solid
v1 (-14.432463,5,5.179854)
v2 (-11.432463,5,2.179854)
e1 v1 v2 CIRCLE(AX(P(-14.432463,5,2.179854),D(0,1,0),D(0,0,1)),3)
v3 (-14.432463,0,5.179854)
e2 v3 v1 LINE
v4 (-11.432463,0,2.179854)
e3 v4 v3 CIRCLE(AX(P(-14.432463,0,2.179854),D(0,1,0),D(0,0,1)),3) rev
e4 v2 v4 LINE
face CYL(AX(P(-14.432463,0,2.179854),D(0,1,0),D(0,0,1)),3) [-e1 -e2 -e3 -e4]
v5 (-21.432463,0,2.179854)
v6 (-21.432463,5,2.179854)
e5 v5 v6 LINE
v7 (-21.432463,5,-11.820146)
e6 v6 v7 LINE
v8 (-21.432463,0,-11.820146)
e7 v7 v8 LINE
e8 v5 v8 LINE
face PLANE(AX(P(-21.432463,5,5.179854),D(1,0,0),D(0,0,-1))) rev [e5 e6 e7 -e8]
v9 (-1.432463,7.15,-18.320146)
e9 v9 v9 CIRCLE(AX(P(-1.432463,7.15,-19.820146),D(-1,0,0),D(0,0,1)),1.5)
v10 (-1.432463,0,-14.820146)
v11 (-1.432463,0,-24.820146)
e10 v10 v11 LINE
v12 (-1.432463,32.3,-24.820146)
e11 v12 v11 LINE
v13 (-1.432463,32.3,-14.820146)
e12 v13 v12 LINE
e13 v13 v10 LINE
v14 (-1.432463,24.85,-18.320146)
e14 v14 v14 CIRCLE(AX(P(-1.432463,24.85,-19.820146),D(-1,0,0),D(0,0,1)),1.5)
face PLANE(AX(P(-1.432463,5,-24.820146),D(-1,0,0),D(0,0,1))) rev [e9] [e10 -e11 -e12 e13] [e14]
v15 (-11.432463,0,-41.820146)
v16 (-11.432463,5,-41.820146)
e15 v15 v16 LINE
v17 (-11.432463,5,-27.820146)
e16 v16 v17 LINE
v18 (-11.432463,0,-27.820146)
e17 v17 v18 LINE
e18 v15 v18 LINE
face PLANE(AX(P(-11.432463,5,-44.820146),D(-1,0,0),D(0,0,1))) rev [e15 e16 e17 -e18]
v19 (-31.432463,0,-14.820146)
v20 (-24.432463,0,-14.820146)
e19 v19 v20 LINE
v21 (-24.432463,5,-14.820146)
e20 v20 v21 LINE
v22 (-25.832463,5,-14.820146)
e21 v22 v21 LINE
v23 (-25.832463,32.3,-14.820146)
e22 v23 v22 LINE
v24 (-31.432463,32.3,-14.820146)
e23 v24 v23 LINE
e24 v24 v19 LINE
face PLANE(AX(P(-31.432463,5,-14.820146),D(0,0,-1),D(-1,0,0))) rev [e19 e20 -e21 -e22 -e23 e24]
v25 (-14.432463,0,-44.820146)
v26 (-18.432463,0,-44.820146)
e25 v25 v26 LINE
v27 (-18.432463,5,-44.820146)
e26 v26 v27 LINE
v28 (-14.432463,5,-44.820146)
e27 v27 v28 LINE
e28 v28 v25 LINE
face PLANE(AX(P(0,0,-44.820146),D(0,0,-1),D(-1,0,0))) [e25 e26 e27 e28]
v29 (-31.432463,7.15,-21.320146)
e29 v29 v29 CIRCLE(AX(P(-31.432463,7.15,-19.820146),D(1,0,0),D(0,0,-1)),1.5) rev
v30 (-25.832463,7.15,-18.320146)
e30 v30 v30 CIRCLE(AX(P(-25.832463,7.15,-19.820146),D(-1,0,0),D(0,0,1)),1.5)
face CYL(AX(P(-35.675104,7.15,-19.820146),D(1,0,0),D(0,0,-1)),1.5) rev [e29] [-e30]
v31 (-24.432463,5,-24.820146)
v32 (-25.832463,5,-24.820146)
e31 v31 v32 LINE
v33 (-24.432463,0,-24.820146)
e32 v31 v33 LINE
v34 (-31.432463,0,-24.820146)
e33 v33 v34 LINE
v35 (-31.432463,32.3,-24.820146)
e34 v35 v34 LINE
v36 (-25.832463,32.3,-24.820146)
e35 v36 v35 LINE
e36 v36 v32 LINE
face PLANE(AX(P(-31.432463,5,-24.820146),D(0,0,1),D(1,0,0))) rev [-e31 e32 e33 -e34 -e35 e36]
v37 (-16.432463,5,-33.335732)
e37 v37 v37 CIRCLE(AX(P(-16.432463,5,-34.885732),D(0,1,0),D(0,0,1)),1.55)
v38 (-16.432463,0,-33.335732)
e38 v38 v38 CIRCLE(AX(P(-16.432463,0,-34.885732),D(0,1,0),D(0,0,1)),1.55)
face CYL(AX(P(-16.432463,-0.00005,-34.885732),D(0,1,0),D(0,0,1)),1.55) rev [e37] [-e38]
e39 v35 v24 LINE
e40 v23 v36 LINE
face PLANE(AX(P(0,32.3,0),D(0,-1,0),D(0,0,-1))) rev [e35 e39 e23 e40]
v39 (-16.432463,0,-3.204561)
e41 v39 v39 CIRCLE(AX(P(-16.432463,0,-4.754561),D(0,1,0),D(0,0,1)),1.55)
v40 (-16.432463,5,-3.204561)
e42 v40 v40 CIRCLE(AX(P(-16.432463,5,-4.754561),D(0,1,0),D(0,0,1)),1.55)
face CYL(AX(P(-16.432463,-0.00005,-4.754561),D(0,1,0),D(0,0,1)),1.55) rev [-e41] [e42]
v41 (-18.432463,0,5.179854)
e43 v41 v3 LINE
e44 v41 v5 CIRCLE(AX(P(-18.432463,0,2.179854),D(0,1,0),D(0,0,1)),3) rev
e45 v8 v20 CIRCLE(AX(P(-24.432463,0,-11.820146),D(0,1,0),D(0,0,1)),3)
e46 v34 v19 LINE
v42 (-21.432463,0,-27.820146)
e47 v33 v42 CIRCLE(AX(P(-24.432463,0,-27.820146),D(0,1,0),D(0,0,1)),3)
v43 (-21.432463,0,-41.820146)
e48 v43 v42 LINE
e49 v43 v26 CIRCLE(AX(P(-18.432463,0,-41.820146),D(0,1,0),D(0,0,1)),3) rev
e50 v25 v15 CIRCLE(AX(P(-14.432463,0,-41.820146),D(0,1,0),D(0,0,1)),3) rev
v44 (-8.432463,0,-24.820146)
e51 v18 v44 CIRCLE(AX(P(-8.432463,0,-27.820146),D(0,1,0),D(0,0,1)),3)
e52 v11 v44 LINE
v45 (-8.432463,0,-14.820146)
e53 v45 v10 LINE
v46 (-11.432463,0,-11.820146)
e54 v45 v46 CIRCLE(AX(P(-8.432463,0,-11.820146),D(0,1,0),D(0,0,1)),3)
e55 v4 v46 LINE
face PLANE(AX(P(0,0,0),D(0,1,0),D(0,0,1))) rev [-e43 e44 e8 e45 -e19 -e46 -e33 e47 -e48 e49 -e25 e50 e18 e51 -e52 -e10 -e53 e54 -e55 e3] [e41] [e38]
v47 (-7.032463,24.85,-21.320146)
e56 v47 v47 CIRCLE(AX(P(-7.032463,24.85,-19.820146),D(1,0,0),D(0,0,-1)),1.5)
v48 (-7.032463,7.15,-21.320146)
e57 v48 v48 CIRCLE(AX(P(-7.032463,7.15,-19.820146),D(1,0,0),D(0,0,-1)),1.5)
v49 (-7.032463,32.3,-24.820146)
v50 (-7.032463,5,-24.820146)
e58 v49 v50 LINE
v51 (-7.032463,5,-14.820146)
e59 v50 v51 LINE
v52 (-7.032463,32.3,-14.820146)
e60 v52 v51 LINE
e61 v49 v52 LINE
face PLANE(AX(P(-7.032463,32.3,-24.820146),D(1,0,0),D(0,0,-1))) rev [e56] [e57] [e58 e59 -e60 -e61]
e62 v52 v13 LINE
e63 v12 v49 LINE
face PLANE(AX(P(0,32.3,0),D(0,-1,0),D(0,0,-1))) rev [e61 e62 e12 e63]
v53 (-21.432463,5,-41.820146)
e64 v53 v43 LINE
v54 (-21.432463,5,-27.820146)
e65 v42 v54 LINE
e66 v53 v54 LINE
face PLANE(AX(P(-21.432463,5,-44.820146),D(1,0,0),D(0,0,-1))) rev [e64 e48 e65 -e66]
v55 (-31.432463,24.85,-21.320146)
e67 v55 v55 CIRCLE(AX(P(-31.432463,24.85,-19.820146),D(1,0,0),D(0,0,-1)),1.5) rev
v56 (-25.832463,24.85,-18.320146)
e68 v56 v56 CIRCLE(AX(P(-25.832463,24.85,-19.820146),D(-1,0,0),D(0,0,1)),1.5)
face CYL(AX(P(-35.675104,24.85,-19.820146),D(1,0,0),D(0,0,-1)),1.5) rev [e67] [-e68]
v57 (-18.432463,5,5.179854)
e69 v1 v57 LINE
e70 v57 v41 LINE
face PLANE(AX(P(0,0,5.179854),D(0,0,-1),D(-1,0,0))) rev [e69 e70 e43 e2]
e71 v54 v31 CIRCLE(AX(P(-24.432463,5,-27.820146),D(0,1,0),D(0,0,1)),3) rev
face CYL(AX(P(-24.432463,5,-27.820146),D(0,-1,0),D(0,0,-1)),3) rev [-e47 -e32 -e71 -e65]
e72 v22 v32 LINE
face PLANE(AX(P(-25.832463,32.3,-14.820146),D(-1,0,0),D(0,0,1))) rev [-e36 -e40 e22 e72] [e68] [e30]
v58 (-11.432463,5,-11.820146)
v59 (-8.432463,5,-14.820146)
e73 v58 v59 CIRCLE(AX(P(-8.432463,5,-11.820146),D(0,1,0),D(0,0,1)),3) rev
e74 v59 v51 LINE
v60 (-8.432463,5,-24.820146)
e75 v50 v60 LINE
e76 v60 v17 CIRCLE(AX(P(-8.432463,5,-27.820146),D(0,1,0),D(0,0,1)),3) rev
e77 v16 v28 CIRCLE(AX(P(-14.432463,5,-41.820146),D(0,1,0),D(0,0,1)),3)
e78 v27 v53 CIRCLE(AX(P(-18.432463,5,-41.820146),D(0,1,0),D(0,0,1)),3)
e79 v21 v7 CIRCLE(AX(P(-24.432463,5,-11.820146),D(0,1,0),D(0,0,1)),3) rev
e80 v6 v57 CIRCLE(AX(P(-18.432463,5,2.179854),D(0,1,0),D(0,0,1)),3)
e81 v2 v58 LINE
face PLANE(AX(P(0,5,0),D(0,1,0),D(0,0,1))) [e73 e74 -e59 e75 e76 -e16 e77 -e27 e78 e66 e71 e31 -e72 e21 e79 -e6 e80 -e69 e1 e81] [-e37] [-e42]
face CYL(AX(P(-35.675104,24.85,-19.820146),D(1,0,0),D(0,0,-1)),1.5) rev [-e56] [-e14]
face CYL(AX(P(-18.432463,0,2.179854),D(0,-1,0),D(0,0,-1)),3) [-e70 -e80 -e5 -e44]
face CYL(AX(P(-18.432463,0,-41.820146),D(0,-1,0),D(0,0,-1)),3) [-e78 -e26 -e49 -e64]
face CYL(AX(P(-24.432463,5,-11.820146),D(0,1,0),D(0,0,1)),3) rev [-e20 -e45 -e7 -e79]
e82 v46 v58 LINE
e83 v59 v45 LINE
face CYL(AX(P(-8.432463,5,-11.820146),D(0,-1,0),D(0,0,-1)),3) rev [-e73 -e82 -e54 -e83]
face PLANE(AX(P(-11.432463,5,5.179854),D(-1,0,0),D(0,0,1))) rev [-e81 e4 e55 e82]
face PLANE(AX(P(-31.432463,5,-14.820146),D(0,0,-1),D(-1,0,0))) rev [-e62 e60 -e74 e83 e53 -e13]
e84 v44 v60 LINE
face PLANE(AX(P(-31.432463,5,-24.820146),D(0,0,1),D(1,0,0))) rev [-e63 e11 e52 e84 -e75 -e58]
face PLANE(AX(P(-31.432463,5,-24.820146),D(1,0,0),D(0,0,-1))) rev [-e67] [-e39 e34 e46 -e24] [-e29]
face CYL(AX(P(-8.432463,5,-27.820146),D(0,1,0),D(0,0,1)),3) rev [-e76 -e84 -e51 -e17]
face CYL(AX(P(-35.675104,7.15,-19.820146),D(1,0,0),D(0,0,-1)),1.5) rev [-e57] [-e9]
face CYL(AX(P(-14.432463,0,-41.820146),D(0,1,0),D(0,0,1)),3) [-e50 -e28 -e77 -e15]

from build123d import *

# Parameters (mm, degrees)
SKETCH1_W                      = 30
SKETCH1_H                      = 10
BOSS_EXTRUDE1_DEPTH            = 5
SKETCH2_W                      = 5.6
SKETCH2_H                      = 10
BOSS_EXTRUDE2_DEPTH            = 27.3
CUT_EXTRUDE1_REACH             = 49.484
SKETCH3_R                      = 1.5
CUT_EXTRUDE1_DIRECTION_2_REACH = 49.484
SKETCH4_W                      = 10
SKETCH4_H                      = 5
BOSS_EXTRUDE3_DEPTH            = 20
SKETCH5_W                      = 10
SKETCH5_H                      = 5
BOSS_EXTRUDE4_DEPTH            = 20
SKETCH6_R                      = 1.55
CUT_EXTRUDE2_DEPTH             = 62.172994556
FILLET1_R                      = 3


with BuildPart() as part:
    # Sketch1 → Boss-Extrude1 (new body)
    with BuildSketch(Plane(origin=(0, 0, 0), x_dir=(1, 0, 0), z_dir=(0, 1, 0))):
        with Locations((-16.432463279, 19.820146309)):
            Rectangle(SKETCH1_W, SKETCH1_H)
    extrude(amount=BOSS_EXTRUDE1_DEPTH)

    # Sketch2 → Boss-Extrude2 (add)
    with BuildSketch(Plane(origin=(0, 5, 0), x_dir=(1, 0, 0), z_dir=(0, 1, 0))):
        with Locations((-28.632463279, 19.820146309)):
            Rectangle(SKETCH2_W, SKETCH2_H)
        with Locations((-4.232463279, 19.820146309)):
            Rectangle(SKETCH2_W, SKETCH2_H)
    extrude(amount=BOSS_EXTRUDE2_DEPTH)

    # Cut-Extrude1: up to this face of the body (flat: up to its plane)
    cut_extrude1_end = Plane(part.part.faces().sort_by_distance((-31.432463279, 16.15, -19.820146309))[0])
    # Sketch3 → Cut-Extrude1 (cut, up to the picked face)
    with BuildSketch(Plane(origin=(-25.832463279, 0, 0), x_dir=(0, 0, -1), z_dir=(1, 0, 0)), mode=Mode.PRIVATE) as cut_extrude1_sk1:
        with Locations((19.820146309, 7.15)):
            Circle(SKETCH3_R)
    cut_extrude1_tool1 = split(extrude(cut_extrude1_sk1.sketch, amount=-CUT_EXTRUDE1_REACH, mode=Mode.PRIVATE), bisect_by=cut_extrude1_end, keep=Keep.BOTH, mode=Mode.PRIVATE)
    # Sketch3 → Cut-Extrude1 (cut, up to the picked face)
    with BuildSketch(Plane(origin=(-25.832463279, 0, 0), x_dir=(0, 0, -1), z_dir=(1, 0, 0)), mode=Mode.PRIVATE) as cut_extrude1_sk2:
        with Locations((19.820146309, 24.85)):
            Circle(SKETCH3_R)
    cut_extrude1_tool2 = split(extrude(cut_extrude1_sk2.sketch, amount=-CUT_EXTRUDE1_REACH, mode=Mode.PRIVATE), bisect_by=cut_extrude1_end, keep=Keep.BOTH, mode=Mode.PRIVATE)
    add(cut_extrude1_tool1.solids().sort_by(Axis((-25.832463, 7.15, -19.820146), (-1, 0, 0)))[0], mode=Mode.SUBTRACT)
    add(cut_extrude1_tool2.solids().sort_by(Axis((-25.832463, 24.85, -19.820146), (-1, 0, 0)))[0], mode=Mode.SUBTRACT)

    # Cut-Extrude1 direction 2: up to this face of the body (flat: up to its plane)
    cut_extrude1_direction_2_end = Plane(part.part.faces().sort_by_distance((-1.432463279, 16.15, -19.820146309))[0])
    # Sketch3 → Cut-Extrude1 direction 2 (cut, up to the picked face)
    with BuildSketch(Plane(origin=(-25.832463279, 0, 0), x_dir=(0, 0, -1), z_dir=(1, 0, 0)), mode=Mode.PRIVATE) as cut_extrude1_direction_2_sk1:
        with Locations((19.820146309, 7.15)):
            Circle(SKETCH3_R)
    cut_extrude1_direction_2_tool1 = split(extrude(cut_extrude1_direction_2_sk1.sketch, amount=CUT_EXTRUDE1_DIRECTION_2_REACH, mode=Mode.PRIVATE), bisect_by=cut_extrude1_direction_2_end, keep=Keep.BOTH, mode=Mode.PRIVATE)
    # Sketch3 → Cut-Extrude1 direction 2 (cut, up to the picked face)
    with BuildSketch(Plane(origin=(-25.832463279, 0, 0), x_dir=(0, 0, -1), z_dir=(1, 0, 0)), mode=Mode.PRIVATE) as cut_extrude1_direction_2_sk2:
        with Locations((19.820146309, 24.85)):
            Circle(SKETCH3_R)
    cut_extrude1_direction_2_tool2 = split(extrude(cut_extrude1_direction_2_sk2.sketch, amount=CUT_EXTRUDE1_DIRECTION_2_REACH, mode=Mode.PRIVATE), bisect_by=cut_extrude1_direction_2_end, keep=Keep.BOTH, mode=Mode.PRIVATE)
    add(cut_extrude1_direction_2_tool1.solids().sort_by(Axis((-25.832463, 7.15, -19.820146), (1, 0, 0)))[0], mode=Mode.SUBTRACT)
    add(cut_extrude1_direction_2_tool2.solids().sort_by(Axis((-25.832463, 24.85, -19.820146), (1, 0, 0)))[0], mode=Mode.SUBTRACT)

    # Sketch4 → Boss-Extrude3 (add)
    with BuildSketch(Plane(origin=(0, 0, -24.820146309), x_dir=(-1, 0, 0), z_dir=(0, 0, -1))):
        with Locations((16.432463279, 2.5)):
            Rectangle(SKETCH4_W, SKETCH4_H)
    extrude(amount=BOSS_EXTRUDE3_DEPTH)

    # Sketch5 → Boss-Extrude4 (add)
    with BuildSketch(Plane.XY.offset(-14.820146309)):
        with Locations((-16.432463279, 2.5)):
            Rectangle(SKETCH5_W, SKETCH5_H)
    extrude(amount=BOSS_EXTRUDE4_DEPTH)

    # Sketch6 → Cut-Extrude2 (cut, through all)
    with BuildSketch(Plane(origin=(0, 5, 0), x_dir=(1, 0, 0), z_dir=(0, 1, 0))):
        with Locations(Location((-16.432463279, 34.885731697, 0), (0, 0, 270))):
            Circle(SKETCH6_R)
        with Locations(Location((-16.432463279, 4.754560921, 0), (0, 0, 270))):
            Circle(SKETCH6_R)
    extrude(amount=-CUT_EXTRUDE2_DEPTH, mode=Mode.SUBTRACT)

    # Fillet1
    fillet1_edges = [part.edges().sort_by_distance(p)[0] for p in [
        (-21.432463279, 2.5, -24.820146309),
        (-21.432463279, 2.5, -44.820146309),
        (-11.432463279, 2.5, -44.820146309),
        (-11.432463279, 2.5, -24.820146309),
        (-11.432463279, 2.5, -14.820146309),
        (-21.432463279, 2.5, -14.820146309),
        (-11.432463279, 2.5, 5.179853691),
        (-21.432463279, 2.5, 5.179853691),
    ]]
    fillet(fillet1_edges, radius=FILLET1_R)


solid = part.part
